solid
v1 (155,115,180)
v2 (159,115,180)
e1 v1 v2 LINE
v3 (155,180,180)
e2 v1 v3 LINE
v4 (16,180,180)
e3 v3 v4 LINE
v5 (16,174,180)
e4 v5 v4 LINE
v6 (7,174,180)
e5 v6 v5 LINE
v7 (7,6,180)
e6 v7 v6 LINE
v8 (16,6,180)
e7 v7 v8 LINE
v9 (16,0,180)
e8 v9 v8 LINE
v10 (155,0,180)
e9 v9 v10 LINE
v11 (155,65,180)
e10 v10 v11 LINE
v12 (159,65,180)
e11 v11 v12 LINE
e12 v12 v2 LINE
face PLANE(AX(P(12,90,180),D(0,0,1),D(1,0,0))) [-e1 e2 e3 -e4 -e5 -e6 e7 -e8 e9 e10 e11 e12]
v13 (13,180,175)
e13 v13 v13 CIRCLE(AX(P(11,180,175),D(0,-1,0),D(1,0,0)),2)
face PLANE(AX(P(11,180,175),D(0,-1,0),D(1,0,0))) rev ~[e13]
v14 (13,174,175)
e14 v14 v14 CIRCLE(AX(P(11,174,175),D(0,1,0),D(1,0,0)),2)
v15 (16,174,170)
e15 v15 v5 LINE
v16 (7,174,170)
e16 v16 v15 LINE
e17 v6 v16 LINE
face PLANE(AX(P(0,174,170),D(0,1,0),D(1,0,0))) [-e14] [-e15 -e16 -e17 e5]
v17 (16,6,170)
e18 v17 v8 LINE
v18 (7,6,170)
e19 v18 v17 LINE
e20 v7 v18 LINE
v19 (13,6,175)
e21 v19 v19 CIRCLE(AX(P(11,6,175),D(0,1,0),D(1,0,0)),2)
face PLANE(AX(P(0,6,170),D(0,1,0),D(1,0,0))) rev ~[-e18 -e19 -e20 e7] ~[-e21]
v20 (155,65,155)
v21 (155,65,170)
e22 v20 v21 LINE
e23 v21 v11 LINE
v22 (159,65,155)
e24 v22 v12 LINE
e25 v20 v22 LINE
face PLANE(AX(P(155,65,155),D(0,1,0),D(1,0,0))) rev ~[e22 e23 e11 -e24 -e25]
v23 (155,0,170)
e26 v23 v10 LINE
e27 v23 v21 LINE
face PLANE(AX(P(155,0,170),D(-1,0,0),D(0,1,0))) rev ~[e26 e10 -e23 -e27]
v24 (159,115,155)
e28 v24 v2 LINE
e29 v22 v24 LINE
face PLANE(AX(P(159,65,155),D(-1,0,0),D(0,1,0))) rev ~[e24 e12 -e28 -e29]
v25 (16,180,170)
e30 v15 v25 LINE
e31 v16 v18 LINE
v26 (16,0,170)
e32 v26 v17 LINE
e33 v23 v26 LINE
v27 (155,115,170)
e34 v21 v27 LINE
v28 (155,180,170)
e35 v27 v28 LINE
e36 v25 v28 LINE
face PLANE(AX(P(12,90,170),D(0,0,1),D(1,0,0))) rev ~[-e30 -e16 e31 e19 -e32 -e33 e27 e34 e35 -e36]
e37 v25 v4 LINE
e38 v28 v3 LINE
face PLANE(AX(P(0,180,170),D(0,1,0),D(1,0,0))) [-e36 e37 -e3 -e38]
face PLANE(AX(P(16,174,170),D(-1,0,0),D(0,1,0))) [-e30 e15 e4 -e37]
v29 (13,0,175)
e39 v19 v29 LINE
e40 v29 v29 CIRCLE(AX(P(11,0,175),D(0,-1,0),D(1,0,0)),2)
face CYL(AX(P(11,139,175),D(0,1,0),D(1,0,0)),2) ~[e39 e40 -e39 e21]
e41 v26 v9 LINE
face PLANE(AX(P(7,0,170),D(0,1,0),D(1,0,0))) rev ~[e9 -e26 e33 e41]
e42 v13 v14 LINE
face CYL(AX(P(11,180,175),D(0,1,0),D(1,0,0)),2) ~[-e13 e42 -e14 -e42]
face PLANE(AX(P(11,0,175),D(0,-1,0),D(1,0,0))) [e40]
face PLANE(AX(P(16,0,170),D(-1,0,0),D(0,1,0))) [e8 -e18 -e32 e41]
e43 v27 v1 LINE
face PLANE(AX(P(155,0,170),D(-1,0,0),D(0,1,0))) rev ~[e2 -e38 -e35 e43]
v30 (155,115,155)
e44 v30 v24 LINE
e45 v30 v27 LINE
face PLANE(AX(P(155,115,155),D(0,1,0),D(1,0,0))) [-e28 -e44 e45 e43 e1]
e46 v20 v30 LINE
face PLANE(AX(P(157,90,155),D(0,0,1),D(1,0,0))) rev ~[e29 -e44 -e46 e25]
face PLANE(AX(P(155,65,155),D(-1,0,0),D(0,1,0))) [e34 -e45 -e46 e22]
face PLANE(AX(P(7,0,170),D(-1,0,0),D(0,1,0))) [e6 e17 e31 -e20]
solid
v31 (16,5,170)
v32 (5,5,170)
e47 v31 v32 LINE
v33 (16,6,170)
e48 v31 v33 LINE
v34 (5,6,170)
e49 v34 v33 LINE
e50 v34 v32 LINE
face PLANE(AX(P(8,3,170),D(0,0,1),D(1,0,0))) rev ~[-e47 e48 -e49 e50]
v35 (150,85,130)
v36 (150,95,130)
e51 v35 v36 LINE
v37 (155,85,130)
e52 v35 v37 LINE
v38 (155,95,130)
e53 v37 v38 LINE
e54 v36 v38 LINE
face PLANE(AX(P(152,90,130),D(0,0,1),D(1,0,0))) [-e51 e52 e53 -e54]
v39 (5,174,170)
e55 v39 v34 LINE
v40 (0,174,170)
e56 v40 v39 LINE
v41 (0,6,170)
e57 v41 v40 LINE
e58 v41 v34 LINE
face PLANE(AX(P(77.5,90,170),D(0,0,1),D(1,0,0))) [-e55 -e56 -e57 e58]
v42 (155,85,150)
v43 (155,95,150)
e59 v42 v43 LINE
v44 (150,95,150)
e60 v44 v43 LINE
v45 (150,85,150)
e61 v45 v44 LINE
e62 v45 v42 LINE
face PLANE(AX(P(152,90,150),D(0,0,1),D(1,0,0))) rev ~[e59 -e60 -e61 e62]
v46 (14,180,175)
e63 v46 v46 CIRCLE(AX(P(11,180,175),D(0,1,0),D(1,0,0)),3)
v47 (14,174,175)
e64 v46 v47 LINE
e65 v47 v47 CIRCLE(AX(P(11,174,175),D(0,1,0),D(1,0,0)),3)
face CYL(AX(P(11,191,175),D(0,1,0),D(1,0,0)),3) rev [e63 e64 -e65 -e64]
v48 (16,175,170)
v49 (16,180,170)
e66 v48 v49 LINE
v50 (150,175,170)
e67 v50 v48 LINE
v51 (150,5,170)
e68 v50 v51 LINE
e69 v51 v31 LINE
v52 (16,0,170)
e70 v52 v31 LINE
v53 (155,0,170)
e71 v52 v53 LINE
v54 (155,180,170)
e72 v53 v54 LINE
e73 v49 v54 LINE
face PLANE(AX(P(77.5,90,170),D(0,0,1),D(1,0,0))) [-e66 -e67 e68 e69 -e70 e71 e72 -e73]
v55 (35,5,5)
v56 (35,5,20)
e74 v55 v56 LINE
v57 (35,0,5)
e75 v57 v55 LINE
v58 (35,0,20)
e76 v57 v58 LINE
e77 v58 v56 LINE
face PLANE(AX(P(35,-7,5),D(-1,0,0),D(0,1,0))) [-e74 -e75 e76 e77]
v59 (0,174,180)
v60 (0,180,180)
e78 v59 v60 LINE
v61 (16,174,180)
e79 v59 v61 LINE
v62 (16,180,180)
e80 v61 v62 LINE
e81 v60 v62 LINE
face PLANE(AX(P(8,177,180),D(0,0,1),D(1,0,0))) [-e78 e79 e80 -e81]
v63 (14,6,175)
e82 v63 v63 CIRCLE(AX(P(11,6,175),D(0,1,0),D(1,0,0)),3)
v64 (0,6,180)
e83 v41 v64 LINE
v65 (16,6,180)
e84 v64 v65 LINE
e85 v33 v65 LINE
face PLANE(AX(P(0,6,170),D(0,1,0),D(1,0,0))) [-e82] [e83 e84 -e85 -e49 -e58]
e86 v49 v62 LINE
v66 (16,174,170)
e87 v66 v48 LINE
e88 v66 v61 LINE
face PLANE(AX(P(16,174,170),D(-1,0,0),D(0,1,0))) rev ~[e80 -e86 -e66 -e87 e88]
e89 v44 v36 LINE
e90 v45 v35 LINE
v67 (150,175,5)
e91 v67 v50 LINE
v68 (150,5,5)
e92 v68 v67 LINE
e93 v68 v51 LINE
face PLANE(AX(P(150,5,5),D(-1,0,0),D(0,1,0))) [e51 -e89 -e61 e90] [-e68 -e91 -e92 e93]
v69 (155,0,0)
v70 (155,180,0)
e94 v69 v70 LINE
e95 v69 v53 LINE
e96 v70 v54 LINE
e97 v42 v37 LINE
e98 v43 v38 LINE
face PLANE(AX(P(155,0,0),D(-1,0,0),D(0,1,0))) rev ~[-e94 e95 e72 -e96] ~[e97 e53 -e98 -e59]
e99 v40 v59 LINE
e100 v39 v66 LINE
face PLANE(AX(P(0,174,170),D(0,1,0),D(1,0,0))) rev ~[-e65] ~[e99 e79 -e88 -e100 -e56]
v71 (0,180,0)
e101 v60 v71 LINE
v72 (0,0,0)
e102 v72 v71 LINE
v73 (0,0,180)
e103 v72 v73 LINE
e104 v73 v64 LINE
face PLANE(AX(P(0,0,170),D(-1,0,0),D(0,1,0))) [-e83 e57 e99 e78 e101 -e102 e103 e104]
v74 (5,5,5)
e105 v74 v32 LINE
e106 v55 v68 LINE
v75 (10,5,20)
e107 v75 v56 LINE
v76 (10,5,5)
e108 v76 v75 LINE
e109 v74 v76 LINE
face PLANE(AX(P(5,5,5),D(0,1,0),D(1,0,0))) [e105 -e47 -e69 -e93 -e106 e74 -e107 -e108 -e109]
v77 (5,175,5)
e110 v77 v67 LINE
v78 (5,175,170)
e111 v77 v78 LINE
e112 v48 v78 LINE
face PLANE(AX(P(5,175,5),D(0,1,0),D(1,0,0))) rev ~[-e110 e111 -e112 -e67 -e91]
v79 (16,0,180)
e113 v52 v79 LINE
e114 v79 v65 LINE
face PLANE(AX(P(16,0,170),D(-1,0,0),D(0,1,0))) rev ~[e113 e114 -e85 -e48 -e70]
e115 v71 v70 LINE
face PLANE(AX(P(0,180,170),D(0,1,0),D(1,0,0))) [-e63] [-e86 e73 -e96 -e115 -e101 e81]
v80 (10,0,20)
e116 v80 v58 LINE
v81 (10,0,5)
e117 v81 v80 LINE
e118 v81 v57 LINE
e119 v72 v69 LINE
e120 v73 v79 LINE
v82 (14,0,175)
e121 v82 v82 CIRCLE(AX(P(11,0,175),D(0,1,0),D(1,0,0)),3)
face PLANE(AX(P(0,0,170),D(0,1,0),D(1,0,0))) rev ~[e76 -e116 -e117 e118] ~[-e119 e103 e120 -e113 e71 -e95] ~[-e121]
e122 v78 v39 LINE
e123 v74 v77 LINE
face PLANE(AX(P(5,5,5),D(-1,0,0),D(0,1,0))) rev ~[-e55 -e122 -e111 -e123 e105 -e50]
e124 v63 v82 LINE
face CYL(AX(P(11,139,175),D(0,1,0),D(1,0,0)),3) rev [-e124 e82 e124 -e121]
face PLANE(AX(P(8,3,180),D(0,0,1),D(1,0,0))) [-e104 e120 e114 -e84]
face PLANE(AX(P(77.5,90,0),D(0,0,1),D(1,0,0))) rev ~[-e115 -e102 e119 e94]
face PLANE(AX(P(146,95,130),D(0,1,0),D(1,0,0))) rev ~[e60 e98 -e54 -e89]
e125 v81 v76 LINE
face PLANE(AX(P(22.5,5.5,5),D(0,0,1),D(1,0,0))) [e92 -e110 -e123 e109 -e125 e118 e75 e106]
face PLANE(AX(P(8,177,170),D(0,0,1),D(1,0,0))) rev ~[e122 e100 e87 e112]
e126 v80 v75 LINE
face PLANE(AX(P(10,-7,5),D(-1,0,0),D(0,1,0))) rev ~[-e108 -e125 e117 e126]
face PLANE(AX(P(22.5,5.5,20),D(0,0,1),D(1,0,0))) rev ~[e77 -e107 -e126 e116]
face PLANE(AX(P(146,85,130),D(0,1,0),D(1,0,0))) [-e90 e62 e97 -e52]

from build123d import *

# Parameters (mm, degrees)
CYLINDER003_R     = 3
CYLINDER003_DEPTH = 148
BOX013_W          = 16
BOX013_H          = 6
BOX013_DEPTH      = 10
CYLINDER002_R     = 3
CYLINDER002_DEPTH = 148
BOX012_W          = 16
BOX012_H          = 6
BOX012_DEPTH      = 10
BOX011_W          = 12
BOX011_H          = 10
BOX011_DEPTH      = 20
BOX010_W          = 25
BOX010_H          = 25
BOX010_DEPTH      = 15
BOX009_W          = 145
BOX009_H          = 170
BOX009_DEPTH      = 200
BOX008_W          = 155
BOX008_H          = 180
BOX008_DEPTH      = 170
CYLINDER005_R     = 2
CYLINDER005_DEPTH = 137
CYLINDER004_R     = 2
CYLINDER004_DEPTH = 139
BOX017_W          = 10
BOX017_H          = 180
BOX017_DEPTH      = 10
BOX015_W          = 10
BOX015_H          = 10
BOX015_DEPTH      = 10
BOX016_W          = 10
BOX016_H          = 10
BOX016_DEPTH      = 10
BOX014_W          = 11
BOX014_H          = 180
BOX014_DEPTH      = 10
CYLINDER001_R     = 3
CYLINDER001_DEPTH = 148
BOX007_W          = 16
BOX007_H          = 6
BOX007_DEPTH      = 10
CYLINDER_R        = 3
CYLINDER_DEPTH    = 148
BOX006_W          = 16
BOX006_H          = 6
BOX006_DEPTH      = 10
BOX005_W          = 12
BOX005_H          = 10
BOX005_DEPTH      = 20
BOX003_W          = 25
BOX003_H          = 25
BOX003_DEPTH      = 15
BOX001_W          = 145
BOX001_H          = 170
BOX001_DEPTH      = 200
BOX_W             = 155
BOX_H             = 180
BOX_DEPTH         = 170
BOX004_W          = 4
BOX004_H          = 50
BOX004_DEPTH      = 25
BOX002_W          = 155
BOX002_H          = 180
BOX002_DEPTH      = 10


with BuildPart() as cylinder003:
    # Cylinder003 → Cylinder003 (new body)
    with BuildSketch(Plane(origin=(11, 139, 175), x_dir=(1, 0, 0), z_dir=(0, -1, 0))):
        Circle(CYLINDER003_R)
    extrude(amount=CYLINDER003_DEPTH)


with BuildPart() as box013:
    # Box013 → Box013 (new body)
    with BuildSketch(Plane.XY.offset(170)):
        with Locations((8, 3)):
            Rectangle(BOX013_W, BOX013_H)
    extrude(amount=BOX013_DEPTH)


with BuildPart() as visagra004:
    # Cut010 base: copy of Box013
    add(box013.part)

    # Cut010: cut Cylinder003
    add(cylinder003.part, mode=Mode.SUBTRACT)


with BuildPart() as cylinder002:
    # Cylinder002 → Cylinder002 (new body)
    with BuildSketch(Plane(origin=(11, 191, 175), x_dir=(1, 0, 0), z_dir=(0, -1, 0))):
        Circle(CYLINDER002_R)
    extrude(amount=CYLINDER002_DEPTH)


with BuildPart() as box012:
    # Box012 → Box012 (new body)
    with BuildSketch(Plane(origin=(0, 174, 170), x_dir=(1, 0, 0), z_dir=(0, 0, 1))):
        with Locations((8, 3)):
            Rectangle(BOX012_W, BOX012_H)
    extrude(amount=BOX012_DEPTH)


with BuildPart() as visagra003:
    # Cut009 base: copy of Box012
    add(box012.part)

    # Cut009: cut Cylinder002
    add(cylinder002.part, mode=Mode.SUBTRACT)


with BuildPart() as cube006:
    # Box011 → Box011 (new body)
    with BuildSketch(Plane(origin=(146, 85, 130), x_dir=(1, 0, 0), z_dir=(0, 0, 1))):
        with Locations((6, 5)):
            Rectangle(BOX011_W, BOX011_H)
    extrude(amount=BOX011_DEPTH)


with BuildPart() as agujero001:
    # Box010 → Box010 (new body)
    with BuildSketch(Plane(origin=(10, -7, 5), x_dir=(1, 0, 0), z_dir=(0, 0, 1))):
        with Locations((12.5, 12.5)):
            Rectangle(BOX010_W, BOX010_H)
    extrude(amount=BOX010_DEPTH)


with BuildPart() as cube005:
    # Box009 → Box009 (new body)
    with BuildSketch(Plane(origin=(5, 5, 5), x_dir=(1, 0, 0), z_dir=(0, 0, 1))):
        with Locations((72.5, 85)):
            Rectangle(BOX009_W, BOX009_H)
    extrude(amount=BOX009_DEPTH)


with BuildPart() as caja002:
    # Box008 → Box008 (new body)
    with BuildSketch(Plane.XY):
        with Locations((77.5, 90)):
            Rectangle(BOX008_W, BOX008_H)
    extrude(amount=BOX008_DEPTH)

    # Cut006: cut Cube005
    add(cube005.part, mode=Mode.SUBTRACT)

    # Cut007: cut Agujero001
    add(agujero001.part, mode=Mode.SUBTRACT)

    # Cut008: cut Cube006
    add(cube006.part, mode=Mode.SUBTRACT)

    # Fusion003: union visagra003
    add(visagra003.part)

    # Fusion004: union visagra004
    add(visagra004.part)


with BuildPart() as cylinder005:
    # Cylinder005 → Cylinder005 (new body)
    with BuildSketch(Plane(origin=(11, 180, 175), x_dir=(1, 0, 0), z_dir=(0, -1, 0))):
        Circle(CYLINDER005_R)
    extrude(amount=CYLINDER005_DEPTH)


with BuildPart() as cylinder004:
    # Cylinder004 → Cylinder004 (new body)
    with BuildSketch(Plane(origin=(11, 139, 175), x_dir=(1, 0, 0), z_dir=(0, -1, 0))):
        Circle(CYLINDER004_R)
    extrude(amount=CYLINDER004_DEPTH)


with BuildPart() as cube010:
    # Box017 → Box017 (new body)
    with BuildSketch(Plane(origin=(7, 0, 170), x_dir=(1, 0, 0), z_dir=(0, 0, 1))):
        with Locations((5, 90)):
            Rectangle(BOX017_W, BOX017_H)
    extrude(amount=BOX017_DEPTH)


with BuildPart() as cube008:
    # Box015 → Box015 (new body)
    with BuildSketch(Plane(origin=(2, 174, 170), x_dir=(1, 0, 0), z_dir=(0, 0, 1))):
        with Locations((5, 5)):
            Rectangle(BOX015_W, BOX015_H)
    extrude(amount=BOX015_DEPTH)


with BuildPart() as cube009:
    # Box016 → Box016 (new body)
    with BuildSketch(Plane(origin=(2, -4, 170), x_dir=(1, 0, 0), z_dir=(0, 0, 1))):
        with Locations((5, 5)):
            Rectangle(BOX016_W, BOX016_H)
    extrude(amount=BOX016_DEPTH)


with BuildPart() as cube007:
    # Box014 → Box014 (new body)
    with BuildSketch(Plane(origin=(-4, 0, 170), x_dir=(1, 0, 0), z_dir=(0, 0, 1))):
        with Locations((5.5, 90)):
            Rectangle(BOX014_W, BOX014_H)
    extrude(amount=BOX014_DEPTH)


with BuildPart() as cylinder001:
    # Cylinder001 → Cylinder001 (new body)
    with BuildSketch(Plane(origin=(7, 139, 175), x_dir=(1, 0, 0), z_dir=(0, -1, 0))):
        Circle(CYLINDER001_R)
    extrude(amount=CYLINDER001_DEPTH)


with BuildPart() as visagra2:
    # Box007 → Box007 (new body)
    with BuildSketch(Plane.XY.offset(170)):
        with Locations((8, 3)):
            Rectangle(BOX007_W, BOX007_H)
    extrude(amount=BOX007_DEPTH)

    # Cut004: cut Cylinder001
    add(cylinder001.part, mode=Mode.SUBTRACT)


with BuildPart() as cylinder:
    # Cylinder → Cylinder (new body)
    with BuildSketch(Plane(origin=(7, 192, 175), x_dir=(1, 0, 0), z_dir=(0, -1, 0))):
        Circle(CYLINDER_R)
    extrude(amount=CYLINDER_DEPTH)


with BuildPart() as visagra1:
    # Box006 → Box006 (new body)
    with BuildSketch(Plane(origin=(0, 174, 170), x_dir=(1, 0, 0), z_dir=(0, 0, 1))):
        with Locations((8, 3)):
            Rectangle(BOX006_W, BOX006_H)
    extrude(amount=BOX006_DEPTH)

    # Cut003: cut Cylinder
    add(cylinder.part, mode=Mode.SUBTRACT)


with BuildPart() as cube003:
    # Box005 → Box005 (new body)
    with BuildSketch(Plane(origin=(146, 85, 130), x_dir=(1, 0, 0), z_dir=(0, 0, 1))):
        with Locations((6, 5)):
            Rectangle(BOX005_W, BOX005_H)
    extrude(amount=BOX005_DEPTH)


with BuildPart() as agujero:
    # Box003 → Box003 (new body)
    with BuildSketch(Plane(origin=(10, -7, 5), x_dir=(1, 0, 0), z_dir=(0, 0, 1))):
        with Locations((12.5, 12.5)):
            Rectangle(BOX003_W, BOX003_H)
    extrude(amount=BOX003_DEPTH)


with BuildPart() as cube001:
    # Box001 → Box001 (new body)
    with BuildSketch(Plane(origin=(5, 5, 5), x_dir=(1, 0, 0), z_dir=(0, 0, 1))):
        with Locations((72.5, 85)):
            Rectangle(BOX001_W, BOX001_H)
    extrude(amount=BOX001_DEPTH)


with BuildPart() as cuerpo:
    # Box → Box (new body)
    with BuildSketch(Plane.XY):
        with Locations((77.5, 90)):
            Rectangle(BOX_W, BOX_H)
    extrude(amount=BOX_DEPTH)

    # Cut: cut Cube001
    add(cube001.part, mode=Mode.SUBTRACT)

    # Cut001: cut Agujero
    add(agujero.part, mode=Mode.SUBTRACT)

    # Cut002: cut Cube003
    add(cube003.part, mode=Mode.SUBTRACT)

    # Fusion001: union visagra1
    add(visagra1.part)

    # Fusion002: union visagra2
    add(visagra2.part)


with BuildPart() as cube002:
    # Box004 → Box004 (new body)
    with BuildSketch(Plane(origin=(155, 65, 155), x_dir=(1, 0, 0), z_dir=(0, 0, 1))):
        with Locations((2, 25)):
            Rectangle(BOX004_W, BOX004_H)
    extrude(amount=BOX004_DEPTH)


with BuildPart() as tapa001:
    # Box002 → Box002 (new body)
    with BuildSketch(Plane.XY.offset(170)):
        with Locations((77.5, 90)):
            Rectangle(BOX002_W, BOX002_H)
    extrude(amount=BOX002_DEPTH)

    # Fusion: union Cube002
    add(cube002.part)

    # Cut005: cut cuerpo
    add(cuerpo.part, mode=Mode.SUBTRACT)

    # Cut011: cut Cube007
    add(cube007.part, mode=Mode.SUBTRACT)

    # Cut012: cut Cube009
    add(cube009.part, mode=Mode.SUBTRACT)

    # Cut013: cut Cube008
    add(cube008.part, mode=Mode.SUBTRACT)

    # Fusion005: union Cube010
    add(cube010.part)

    # Cut014: cut Box012
    add(box012.part, mode=Mode.SUBTRACT)

    # Cut015: cut Box013
    add(box013.part, mode=Mode.SUBTRACT)

    # Fusion006: union Cylinder004
    add(cylinder004.part)

    # Fusion007: union Cylinder005
    add(cylinder005.part)


solid = Compound([caja002.part, tapa001.part])
